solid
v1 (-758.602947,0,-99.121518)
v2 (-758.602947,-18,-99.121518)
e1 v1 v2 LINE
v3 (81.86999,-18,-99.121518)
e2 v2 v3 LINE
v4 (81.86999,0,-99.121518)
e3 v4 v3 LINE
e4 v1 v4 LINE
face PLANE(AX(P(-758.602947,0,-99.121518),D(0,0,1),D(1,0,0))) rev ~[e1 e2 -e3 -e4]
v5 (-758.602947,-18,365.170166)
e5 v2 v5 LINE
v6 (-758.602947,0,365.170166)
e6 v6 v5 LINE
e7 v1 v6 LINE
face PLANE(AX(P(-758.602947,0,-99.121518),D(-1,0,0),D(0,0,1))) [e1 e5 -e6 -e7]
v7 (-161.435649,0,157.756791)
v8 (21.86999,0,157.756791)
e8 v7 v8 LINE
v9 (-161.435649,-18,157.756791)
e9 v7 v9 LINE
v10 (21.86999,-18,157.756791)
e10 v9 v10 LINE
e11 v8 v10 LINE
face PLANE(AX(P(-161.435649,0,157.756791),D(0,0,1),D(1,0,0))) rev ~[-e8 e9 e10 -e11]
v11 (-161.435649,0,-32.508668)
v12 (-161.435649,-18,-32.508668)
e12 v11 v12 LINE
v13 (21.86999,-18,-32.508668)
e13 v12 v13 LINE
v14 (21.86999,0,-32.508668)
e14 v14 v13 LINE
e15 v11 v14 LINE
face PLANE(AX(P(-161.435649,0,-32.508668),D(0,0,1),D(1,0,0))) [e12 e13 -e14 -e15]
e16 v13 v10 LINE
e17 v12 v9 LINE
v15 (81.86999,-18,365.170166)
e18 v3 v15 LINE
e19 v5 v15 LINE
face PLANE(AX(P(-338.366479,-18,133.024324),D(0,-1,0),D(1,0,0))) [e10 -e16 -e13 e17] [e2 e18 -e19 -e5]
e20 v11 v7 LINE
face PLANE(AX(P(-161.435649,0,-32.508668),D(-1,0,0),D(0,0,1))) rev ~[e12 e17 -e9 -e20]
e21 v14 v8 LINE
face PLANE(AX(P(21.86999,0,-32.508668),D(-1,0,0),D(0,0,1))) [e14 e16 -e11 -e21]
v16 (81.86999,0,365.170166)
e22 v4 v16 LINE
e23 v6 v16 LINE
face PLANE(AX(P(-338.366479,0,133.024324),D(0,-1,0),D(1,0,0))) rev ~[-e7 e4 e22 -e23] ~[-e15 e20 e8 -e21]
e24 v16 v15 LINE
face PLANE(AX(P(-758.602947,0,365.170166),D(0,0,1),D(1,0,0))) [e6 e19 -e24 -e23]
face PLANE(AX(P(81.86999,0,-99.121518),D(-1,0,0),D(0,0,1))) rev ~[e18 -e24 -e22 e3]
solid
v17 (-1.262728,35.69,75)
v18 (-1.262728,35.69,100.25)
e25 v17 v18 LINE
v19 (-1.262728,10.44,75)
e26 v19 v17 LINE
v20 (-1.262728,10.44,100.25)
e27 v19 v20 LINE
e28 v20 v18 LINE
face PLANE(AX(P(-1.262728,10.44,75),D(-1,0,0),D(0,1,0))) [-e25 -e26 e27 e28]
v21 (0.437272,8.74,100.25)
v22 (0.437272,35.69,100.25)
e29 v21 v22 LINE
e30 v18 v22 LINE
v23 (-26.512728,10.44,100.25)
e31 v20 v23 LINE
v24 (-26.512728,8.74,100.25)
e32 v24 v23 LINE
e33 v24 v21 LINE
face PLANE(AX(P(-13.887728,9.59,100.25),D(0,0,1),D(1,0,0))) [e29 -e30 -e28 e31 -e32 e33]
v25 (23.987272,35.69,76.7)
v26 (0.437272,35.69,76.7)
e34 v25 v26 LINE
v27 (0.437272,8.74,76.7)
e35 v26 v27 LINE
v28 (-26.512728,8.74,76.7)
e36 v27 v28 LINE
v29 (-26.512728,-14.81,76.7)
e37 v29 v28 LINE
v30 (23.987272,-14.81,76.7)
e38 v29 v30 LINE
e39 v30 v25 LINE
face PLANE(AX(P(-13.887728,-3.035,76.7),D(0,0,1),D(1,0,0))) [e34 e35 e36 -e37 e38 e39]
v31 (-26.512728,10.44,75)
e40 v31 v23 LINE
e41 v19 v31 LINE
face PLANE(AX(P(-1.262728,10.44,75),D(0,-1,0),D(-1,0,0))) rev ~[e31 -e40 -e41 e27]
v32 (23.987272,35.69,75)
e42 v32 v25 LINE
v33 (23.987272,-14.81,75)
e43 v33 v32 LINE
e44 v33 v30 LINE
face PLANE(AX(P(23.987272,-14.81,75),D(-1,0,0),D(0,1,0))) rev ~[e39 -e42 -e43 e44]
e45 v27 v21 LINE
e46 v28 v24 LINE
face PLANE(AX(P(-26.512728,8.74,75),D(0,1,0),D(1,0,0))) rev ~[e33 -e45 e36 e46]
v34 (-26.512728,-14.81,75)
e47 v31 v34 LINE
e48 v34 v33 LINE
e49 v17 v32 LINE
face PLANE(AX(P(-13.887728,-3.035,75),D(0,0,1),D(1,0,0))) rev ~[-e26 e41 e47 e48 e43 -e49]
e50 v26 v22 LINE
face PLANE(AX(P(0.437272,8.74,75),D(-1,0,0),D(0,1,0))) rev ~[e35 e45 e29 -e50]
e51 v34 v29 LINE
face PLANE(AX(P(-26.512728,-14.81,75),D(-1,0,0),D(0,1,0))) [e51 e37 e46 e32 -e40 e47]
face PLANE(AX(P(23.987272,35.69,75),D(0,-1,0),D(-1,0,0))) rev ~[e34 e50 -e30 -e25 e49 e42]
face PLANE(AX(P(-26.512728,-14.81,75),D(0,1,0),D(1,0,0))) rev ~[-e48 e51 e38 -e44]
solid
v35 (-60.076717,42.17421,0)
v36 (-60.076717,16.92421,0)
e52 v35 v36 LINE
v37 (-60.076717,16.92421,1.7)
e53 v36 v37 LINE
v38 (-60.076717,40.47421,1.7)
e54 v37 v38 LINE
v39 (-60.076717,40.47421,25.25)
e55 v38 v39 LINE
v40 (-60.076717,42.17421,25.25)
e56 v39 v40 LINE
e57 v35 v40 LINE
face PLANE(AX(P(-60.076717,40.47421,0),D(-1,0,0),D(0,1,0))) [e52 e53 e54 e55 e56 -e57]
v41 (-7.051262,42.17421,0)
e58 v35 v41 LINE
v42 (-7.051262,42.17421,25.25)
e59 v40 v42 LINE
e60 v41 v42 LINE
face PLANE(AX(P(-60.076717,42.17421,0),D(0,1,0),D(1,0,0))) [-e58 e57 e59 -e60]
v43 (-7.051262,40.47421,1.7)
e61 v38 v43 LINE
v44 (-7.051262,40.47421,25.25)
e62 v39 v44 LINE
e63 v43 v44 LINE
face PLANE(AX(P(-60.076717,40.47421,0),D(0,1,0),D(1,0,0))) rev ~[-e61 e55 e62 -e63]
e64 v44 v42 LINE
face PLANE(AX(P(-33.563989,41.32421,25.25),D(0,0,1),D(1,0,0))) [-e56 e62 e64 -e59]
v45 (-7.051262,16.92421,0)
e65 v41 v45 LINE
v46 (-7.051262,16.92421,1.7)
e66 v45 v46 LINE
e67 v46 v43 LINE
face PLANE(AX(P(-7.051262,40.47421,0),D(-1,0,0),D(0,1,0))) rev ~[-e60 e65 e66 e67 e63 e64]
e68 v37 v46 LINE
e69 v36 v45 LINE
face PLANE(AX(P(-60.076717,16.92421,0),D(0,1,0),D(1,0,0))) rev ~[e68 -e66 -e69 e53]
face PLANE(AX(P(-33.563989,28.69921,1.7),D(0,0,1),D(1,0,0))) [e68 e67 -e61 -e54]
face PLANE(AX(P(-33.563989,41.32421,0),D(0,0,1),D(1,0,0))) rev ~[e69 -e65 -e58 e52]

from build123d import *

# Parameters (mm, degrees)
F2_W      = 53.0254556797
F2_H      = 23.55
F3_DEPTH  = 1.7
F2_H_2    = 1.7
F4_DEPTH  = 25.25
F5_W      = 840.4729366302
F5_H      = 464.2916843295
F5_W_2    = 183.3056384325
F5_H_2    = 190.2654580772
F6_DEPTH  = 18
F8_W      = 25.25
F8_H      = 1.7
F8_W_2    = 1.7
F8_H_2    = 25.25
F9_DEPTH  = 25.25
F8_H_3    = 23.55
F10_DEPTH = 1.7


with BuildPart() as f3:
    # F2 (on Top) → F3 (new body)
    with BuildSketch(Plane.XY):
        with Locations((-33.5639894474, 28.6992099345)):
            Rectangle(F2_W, F2_H)
    extrude(amount=F3_DEPTH)

    # F2 (on Top) → F4 (join)
    with BuildSketch(Plane.XY):
        with Locations((-33.5639894474, 41.3242099345)):
            Rectangle(F2_W, F2_H_2)
    extrude(amount=F4_DEPTH)


with BuildPart() as f6:
    # F5 (on Front) → F6 (new body)
    with BuildSketch(Plane.XZ):
        with Locations((-338.3664786816, 133.0243237317)):
            Rectangle(F5_W, F5_H)
        with Locations((-69.7828295827, 62.6240614802)):
            Rectangle(F5_W_2, F5_H_2, mode=Mode.SUBTRACT)
    extrude(amount=F6_DEPTH)


with BuildPart() as f9:
    # F8 (on offset) → F9 (new body)
    with BuildSketch(Plane.XY.offset(75)):
        with Locations((-13.8877278399, 9.59)):
            Rectangle(F8_W, F8_H)
        with Locations((-0.4127278399, 9.59)):
            Rectangle(F8_W_2, F8_H)
        with Locations((-0.4127278399, 23.065)):
            Rectangle(F8_W_2, F8_H_2)
    extrude(amount=F9_DEPTH)

    # F8 (on offset) → F10 (join)
    with BuildSketch(Plane.XY.offset(75)):
        with Locations((-13.8877278399, -3.035)):
            Rectangle(F8_W, F8_H_3)
        with Locations((-0.4127278399, -3.035)):
            Rectangle(F8_W_2, F8_H_3)
        Polygon((0.4372721601, 35.69), (0.4372721601, 10.44), (0.4372721601, 8.74), (0.4372721601, -14.81), (23.9872721601, -14.81), (23.9872721601, 35.69), align=None)
    extrude(amount=F10_DEPTH)


solid = Compound([f3.part, f6.part, f9.part])
